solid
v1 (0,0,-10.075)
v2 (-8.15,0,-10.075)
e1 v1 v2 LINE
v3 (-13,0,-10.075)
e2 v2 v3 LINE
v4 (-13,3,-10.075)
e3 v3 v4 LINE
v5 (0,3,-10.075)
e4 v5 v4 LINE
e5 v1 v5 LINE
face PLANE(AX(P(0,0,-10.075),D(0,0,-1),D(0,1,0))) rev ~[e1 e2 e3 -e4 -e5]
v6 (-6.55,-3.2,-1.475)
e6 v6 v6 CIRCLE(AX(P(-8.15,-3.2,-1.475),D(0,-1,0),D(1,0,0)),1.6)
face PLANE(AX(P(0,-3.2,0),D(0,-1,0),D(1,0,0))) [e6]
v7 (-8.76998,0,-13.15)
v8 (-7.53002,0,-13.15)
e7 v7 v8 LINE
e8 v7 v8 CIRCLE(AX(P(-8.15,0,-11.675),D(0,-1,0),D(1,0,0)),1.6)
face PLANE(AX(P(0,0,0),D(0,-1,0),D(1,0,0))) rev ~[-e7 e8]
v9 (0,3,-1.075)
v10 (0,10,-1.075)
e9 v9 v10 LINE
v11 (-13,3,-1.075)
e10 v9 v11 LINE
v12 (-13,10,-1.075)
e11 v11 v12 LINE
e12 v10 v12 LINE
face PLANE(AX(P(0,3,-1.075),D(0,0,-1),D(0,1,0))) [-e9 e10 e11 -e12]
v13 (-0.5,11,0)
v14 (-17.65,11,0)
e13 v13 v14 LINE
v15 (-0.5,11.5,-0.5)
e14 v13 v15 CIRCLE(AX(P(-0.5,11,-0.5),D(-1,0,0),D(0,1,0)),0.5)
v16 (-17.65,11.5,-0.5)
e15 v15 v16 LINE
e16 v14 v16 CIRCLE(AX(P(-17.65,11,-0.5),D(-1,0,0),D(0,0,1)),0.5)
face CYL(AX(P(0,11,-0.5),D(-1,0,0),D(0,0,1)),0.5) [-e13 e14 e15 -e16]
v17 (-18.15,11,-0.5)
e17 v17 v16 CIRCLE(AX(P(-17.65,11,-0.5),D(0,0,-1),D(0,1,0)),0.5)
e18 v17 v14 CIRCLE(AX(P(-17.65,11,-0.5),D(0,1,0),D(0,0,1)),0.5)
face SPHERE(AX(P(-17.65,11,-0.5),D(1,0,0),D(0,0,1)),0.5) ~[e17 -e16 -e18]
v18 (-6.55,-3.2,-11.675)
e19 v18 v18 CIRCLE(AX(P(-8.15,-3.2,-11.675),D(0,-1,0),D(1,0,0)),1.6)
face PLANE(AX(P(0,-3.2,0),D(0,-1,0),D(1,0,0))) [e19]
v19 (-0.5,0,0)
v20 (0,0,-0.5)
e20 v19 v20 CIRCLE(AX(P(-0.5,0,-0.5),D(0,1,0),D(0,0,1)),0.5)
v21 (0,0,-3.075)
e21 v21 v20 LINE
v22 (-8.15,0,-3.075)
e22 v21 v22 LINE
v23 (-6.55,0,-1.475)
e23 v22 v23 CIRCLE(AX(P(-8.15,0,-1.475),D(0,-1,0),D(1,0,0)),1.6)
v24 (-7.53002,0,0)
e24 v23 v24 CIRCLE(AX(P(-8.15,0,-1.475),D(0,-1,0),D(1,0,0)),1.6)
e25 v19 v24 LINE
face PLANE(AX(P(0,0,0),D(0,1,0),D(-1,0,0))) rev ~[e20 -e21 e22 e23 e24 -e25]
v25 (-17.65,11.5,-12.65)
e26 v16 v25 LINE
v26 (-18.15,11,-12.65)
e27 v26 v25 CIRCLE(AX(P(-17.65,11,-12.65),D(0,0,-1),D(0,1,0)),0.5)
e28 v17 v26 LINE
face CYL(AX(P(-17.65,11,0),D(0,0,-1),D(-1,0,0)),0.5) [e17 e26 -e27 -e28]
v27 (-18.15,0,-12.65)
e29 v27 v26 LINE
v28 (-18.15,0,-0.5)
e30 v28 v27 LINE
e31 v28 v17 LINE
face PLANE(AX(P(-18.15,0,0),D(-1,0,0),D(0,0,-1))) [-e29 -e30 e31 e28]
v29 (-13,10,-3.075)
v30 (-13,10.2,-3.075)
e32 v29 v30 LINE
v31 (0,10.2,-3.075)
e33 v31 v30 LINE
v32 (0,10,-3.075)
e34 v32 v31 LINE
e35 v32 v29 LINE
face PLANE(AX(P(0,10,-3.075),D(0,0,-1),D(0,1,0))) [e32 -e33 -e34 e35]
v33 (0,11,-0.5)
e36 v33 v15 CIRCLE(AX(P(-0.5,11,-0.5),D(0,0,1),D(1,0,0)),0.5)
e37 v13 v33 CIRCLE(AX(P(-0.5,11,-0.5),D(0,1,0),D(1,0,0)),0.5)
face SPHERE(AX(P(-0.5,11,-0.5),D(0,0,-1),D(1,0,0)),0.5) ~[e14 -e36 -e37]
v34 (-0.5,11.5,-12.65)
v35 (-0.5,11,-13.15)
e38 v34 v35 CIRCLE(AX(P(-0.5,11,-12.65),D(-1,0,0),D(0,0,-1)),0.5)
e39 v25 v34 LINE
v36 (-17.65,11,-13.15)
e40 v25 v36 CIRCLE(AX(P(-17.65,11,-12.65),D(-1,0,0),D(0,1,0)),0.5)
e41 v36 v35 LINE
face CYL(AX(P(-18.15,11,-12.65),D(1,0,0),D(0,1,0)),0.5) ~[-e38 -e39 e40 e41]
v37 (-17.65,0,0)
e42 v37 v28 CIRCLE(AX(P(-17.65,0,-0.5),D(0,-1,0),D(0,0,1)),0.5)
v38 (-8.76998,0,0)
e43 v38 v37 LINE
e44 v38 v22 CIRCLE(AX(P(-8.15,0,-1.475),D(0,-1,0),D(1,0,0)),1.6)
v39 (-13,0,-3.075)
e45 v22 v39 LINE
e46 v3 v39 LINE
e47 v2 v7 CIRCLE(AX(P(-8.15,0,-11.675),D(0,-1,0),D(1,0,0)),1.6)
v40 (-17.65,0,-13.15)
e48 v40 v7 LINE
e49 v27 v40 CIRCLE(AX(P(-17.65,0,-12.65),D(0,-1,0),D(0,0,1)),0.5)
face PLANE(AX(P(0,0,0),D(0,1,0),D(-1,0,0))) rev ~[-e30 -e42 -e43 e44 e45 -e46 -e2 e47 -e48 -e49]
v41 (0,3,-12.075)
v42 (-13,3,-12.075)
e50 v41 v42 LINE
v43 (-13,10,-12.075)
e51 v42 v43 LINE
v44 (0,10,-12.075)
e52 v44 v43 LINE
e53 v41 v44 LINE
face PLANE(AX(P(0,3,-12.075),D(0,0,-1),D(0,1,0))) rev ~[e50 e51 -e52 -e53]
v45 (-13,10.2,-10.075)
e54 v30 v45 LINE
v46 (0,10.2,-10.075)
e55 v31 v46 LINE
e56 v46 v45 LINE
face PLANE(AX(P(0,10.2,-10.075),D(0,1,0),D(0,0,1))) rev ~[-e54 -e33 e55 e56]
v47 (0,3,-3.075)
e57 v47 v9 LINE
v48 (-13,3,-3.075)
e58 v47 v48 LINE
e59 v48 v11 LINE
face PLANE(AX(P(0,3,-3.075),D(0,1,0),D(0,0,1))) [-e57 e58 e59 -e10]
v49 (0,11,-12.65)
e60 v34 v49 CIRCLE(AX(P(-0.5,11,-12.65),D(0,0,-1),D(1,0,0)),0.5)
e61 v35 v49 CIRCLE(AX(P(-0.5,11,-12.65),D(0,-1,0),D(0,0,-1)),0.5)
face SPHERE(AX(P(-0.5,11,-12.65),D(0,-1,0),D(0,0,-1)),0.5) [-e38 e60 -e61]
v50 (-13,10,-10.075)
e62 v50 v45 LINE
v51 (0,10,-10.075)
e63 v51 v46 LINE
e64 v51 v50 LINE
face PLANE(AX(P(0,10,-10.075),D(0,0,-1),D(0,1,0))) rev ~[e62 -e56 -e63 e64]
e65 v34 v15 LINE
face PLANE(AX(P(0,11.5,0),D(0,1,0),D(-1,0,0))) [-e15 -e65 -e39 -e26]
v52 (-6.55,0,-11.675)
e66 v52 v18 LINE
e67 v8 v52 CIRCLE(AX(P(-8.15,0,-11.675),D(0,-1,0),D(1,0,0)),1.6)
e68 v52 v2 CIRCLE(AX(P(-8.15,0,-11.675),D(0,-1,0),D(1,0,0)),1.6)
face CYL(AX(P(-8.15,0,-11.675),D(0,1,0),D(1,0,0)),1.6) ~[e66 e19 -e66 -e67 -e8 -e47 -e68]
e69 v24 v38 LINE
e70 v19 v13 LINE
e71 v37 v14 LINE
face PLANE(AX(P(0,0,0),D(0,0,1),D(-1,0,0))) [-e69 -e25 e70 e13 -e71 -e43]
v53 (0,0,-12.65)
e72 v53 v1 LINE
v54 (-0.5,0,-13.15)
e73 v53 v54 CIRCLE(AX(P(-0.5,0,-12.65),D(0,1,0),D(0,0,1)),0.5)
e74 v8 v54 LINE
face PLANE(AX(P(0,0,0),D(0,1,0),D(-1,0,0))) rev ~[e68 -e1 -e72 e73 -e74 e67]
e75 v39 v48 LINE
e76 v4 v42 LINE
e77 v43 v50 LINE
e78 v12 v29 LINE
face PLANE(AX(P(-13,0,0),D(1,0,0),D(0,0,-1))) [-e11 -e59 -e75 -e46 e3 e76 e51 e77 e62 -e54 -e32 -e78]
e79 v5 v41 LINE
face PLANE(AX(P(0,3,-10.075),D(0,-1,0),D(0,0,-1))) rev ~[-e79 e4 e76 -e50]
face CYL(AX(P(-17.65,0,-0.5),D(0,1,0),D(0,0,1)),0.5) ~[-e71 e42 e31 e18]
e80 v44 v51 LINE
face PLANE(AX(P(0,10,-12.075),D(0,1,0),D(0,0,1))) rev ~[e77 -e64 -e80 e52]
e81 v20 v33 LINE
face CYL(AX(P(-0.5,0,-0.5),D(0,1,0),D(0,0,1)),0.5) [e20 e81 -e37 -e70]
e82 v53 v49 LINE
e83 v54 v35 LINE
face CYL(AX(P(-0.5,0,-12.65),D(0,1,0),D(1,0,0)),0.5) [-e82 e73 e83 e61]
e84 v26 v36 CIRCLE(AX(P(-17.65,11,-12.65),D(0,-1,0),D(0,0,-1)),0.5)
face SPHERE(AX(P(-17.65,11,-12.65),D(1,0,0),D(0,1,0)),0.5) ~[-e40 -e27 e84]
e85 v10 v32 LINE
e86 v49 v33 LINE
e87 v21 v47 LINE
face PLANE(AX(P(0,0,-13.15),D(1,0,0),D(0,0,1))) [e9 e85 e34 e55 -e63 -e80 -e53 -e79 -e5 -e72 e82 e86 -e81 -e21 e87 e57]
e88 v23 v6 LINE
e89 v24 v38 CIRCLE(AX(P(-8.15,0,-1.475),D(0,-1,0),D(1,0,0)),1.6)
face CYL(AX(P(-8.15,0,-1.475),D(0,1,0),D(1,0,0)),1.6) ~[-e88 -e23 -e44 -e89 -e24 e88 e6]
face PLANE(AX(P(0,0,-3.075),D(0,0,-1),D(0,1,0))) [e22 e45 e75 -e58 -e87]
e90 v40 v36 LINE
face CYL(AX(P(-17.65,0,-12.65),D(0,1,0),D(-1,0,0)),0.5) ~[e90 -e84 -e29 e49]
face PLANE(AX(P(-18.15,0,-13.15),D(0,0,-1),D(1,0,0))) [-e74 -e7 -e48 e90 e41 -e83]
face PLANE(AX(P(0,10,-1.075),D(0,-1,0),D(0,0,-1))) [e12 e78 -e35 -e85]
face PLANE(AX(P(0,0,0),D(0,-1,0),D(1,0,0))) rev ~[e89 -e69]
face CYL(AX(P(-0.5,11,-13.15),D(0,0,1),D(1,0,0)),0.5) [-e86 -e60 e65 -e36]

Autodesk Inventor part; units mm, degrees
ref_plane "YZ Plane" through (0, 0, 0) normal (1, 0, 0) x (0, 1, 0)
ref_plane "XZ Plane" through (0, 0, 0) normal (0, 1, 0) x (-1, 0, 0)
ref_plane "XY Plane" through (0, 0, 0) normal (0, 0, 1) x (1, 0, 0)
sketch "Sketch1" plane through (0, 0, 0) normal (0, 1, 0) x (-1, 0, 0)
  line L0 (0, 0) -> (18.15, 0)
  line L1 (18.15, 0) -> (18.15, -13.15)
  line L2 (18.15, -13.15) -> (0, -13.15)
  line L3 (0, -13.15) -> (0, 0)
  dimension "d0" = 18.15
  dimension "d1" = 13.15
extrude "Extrusion1" add sketch "Sketch1" along normal blind 11.5
sketch "Sketch2" plane through (0, 0, 0) normal (0, -1, 0) x (1, 0, 0)
  circle A0 centre (-8.15, -1.475) radius 1.6
  line L0 (0, 0) -> (0, -13.15) projected
  line L1 (-18.15, -13.15) -> (-18.15, 0) projected
  line L2 (0, 0) -> (0, -13.15) projected
  line L3 (0, -6.575) -> (-18.15, -6.575) construction
  circle A1 centre (-8.15, -11.675) radius 1.6
  dimension "d5" = 10
  dimension "d6" = 3.2
  dimension "d7" = 5.1
extrude "Extrusion2" add sketch "Sketch2" along normal blind 3.2
sketch "Sketch3" plane through (0, 0, 0) normal (1, 0, 0) x (0, 0, -1)
  line L0 (0, 0) -> (13.15, 0) projected
  line L1 (6.575, 0) -> (6.575, 11.5) construction
  line L2 (13.15, 11.5) -> (0, 11.5) projected
  line L3 (3.075, 0) -> (3.075, 3)
  line L4 (3.075, 3) -> (1.075, 3)
  line L5 (1.075, 3) -> (1.075, 10)
  line L6 (1.075, 10) -> (3.075, 10)
  line L7 (3.075, 10) -> (3.075, 10.2)
  line L8 (3.075, 10.2) -> (6.575, 10.2)
  line L9 (3.075, 0) -> (6.575, 0)
  line L10 (10.075, 0) -> (10.075, 3)
  line L11 (10.075, 3) -> (12.075, 3)
  line L12 (12.075, 3) -> (12.075, 10)
  line L13 (12.075, 10) -> (10.075, 10)
  line L14 (10.075, 10) -> (10.075, 10.2)
  line L15 (10.075, 10.2) -> (6.575, 10.2)
  line L16 (10.075, 0) -> (6.575, 0)
  dimension "d10" = 3.5
  dimension "d11" = 3
  dimension "d12" = 7
  dimension "d13" = 2
  dimension "d15" = 1.3
extrude "Extrusion3" cut sketch "Sketch3" against normal blind 13
fillet "Fillet1" radius 0.5 8 edges at (0, 5.75, -13.15) (-9.075, 11.5, -13.15) (0, 11.5, -6.575) (0, 5.75, 0) (-9.075, 11.5, 0) (-18.15, 5.75, 0) (-18.15, 11.5, -6.575) (-18.15, 5.75, -13.15)
properties part number "RJ12 Connector"
